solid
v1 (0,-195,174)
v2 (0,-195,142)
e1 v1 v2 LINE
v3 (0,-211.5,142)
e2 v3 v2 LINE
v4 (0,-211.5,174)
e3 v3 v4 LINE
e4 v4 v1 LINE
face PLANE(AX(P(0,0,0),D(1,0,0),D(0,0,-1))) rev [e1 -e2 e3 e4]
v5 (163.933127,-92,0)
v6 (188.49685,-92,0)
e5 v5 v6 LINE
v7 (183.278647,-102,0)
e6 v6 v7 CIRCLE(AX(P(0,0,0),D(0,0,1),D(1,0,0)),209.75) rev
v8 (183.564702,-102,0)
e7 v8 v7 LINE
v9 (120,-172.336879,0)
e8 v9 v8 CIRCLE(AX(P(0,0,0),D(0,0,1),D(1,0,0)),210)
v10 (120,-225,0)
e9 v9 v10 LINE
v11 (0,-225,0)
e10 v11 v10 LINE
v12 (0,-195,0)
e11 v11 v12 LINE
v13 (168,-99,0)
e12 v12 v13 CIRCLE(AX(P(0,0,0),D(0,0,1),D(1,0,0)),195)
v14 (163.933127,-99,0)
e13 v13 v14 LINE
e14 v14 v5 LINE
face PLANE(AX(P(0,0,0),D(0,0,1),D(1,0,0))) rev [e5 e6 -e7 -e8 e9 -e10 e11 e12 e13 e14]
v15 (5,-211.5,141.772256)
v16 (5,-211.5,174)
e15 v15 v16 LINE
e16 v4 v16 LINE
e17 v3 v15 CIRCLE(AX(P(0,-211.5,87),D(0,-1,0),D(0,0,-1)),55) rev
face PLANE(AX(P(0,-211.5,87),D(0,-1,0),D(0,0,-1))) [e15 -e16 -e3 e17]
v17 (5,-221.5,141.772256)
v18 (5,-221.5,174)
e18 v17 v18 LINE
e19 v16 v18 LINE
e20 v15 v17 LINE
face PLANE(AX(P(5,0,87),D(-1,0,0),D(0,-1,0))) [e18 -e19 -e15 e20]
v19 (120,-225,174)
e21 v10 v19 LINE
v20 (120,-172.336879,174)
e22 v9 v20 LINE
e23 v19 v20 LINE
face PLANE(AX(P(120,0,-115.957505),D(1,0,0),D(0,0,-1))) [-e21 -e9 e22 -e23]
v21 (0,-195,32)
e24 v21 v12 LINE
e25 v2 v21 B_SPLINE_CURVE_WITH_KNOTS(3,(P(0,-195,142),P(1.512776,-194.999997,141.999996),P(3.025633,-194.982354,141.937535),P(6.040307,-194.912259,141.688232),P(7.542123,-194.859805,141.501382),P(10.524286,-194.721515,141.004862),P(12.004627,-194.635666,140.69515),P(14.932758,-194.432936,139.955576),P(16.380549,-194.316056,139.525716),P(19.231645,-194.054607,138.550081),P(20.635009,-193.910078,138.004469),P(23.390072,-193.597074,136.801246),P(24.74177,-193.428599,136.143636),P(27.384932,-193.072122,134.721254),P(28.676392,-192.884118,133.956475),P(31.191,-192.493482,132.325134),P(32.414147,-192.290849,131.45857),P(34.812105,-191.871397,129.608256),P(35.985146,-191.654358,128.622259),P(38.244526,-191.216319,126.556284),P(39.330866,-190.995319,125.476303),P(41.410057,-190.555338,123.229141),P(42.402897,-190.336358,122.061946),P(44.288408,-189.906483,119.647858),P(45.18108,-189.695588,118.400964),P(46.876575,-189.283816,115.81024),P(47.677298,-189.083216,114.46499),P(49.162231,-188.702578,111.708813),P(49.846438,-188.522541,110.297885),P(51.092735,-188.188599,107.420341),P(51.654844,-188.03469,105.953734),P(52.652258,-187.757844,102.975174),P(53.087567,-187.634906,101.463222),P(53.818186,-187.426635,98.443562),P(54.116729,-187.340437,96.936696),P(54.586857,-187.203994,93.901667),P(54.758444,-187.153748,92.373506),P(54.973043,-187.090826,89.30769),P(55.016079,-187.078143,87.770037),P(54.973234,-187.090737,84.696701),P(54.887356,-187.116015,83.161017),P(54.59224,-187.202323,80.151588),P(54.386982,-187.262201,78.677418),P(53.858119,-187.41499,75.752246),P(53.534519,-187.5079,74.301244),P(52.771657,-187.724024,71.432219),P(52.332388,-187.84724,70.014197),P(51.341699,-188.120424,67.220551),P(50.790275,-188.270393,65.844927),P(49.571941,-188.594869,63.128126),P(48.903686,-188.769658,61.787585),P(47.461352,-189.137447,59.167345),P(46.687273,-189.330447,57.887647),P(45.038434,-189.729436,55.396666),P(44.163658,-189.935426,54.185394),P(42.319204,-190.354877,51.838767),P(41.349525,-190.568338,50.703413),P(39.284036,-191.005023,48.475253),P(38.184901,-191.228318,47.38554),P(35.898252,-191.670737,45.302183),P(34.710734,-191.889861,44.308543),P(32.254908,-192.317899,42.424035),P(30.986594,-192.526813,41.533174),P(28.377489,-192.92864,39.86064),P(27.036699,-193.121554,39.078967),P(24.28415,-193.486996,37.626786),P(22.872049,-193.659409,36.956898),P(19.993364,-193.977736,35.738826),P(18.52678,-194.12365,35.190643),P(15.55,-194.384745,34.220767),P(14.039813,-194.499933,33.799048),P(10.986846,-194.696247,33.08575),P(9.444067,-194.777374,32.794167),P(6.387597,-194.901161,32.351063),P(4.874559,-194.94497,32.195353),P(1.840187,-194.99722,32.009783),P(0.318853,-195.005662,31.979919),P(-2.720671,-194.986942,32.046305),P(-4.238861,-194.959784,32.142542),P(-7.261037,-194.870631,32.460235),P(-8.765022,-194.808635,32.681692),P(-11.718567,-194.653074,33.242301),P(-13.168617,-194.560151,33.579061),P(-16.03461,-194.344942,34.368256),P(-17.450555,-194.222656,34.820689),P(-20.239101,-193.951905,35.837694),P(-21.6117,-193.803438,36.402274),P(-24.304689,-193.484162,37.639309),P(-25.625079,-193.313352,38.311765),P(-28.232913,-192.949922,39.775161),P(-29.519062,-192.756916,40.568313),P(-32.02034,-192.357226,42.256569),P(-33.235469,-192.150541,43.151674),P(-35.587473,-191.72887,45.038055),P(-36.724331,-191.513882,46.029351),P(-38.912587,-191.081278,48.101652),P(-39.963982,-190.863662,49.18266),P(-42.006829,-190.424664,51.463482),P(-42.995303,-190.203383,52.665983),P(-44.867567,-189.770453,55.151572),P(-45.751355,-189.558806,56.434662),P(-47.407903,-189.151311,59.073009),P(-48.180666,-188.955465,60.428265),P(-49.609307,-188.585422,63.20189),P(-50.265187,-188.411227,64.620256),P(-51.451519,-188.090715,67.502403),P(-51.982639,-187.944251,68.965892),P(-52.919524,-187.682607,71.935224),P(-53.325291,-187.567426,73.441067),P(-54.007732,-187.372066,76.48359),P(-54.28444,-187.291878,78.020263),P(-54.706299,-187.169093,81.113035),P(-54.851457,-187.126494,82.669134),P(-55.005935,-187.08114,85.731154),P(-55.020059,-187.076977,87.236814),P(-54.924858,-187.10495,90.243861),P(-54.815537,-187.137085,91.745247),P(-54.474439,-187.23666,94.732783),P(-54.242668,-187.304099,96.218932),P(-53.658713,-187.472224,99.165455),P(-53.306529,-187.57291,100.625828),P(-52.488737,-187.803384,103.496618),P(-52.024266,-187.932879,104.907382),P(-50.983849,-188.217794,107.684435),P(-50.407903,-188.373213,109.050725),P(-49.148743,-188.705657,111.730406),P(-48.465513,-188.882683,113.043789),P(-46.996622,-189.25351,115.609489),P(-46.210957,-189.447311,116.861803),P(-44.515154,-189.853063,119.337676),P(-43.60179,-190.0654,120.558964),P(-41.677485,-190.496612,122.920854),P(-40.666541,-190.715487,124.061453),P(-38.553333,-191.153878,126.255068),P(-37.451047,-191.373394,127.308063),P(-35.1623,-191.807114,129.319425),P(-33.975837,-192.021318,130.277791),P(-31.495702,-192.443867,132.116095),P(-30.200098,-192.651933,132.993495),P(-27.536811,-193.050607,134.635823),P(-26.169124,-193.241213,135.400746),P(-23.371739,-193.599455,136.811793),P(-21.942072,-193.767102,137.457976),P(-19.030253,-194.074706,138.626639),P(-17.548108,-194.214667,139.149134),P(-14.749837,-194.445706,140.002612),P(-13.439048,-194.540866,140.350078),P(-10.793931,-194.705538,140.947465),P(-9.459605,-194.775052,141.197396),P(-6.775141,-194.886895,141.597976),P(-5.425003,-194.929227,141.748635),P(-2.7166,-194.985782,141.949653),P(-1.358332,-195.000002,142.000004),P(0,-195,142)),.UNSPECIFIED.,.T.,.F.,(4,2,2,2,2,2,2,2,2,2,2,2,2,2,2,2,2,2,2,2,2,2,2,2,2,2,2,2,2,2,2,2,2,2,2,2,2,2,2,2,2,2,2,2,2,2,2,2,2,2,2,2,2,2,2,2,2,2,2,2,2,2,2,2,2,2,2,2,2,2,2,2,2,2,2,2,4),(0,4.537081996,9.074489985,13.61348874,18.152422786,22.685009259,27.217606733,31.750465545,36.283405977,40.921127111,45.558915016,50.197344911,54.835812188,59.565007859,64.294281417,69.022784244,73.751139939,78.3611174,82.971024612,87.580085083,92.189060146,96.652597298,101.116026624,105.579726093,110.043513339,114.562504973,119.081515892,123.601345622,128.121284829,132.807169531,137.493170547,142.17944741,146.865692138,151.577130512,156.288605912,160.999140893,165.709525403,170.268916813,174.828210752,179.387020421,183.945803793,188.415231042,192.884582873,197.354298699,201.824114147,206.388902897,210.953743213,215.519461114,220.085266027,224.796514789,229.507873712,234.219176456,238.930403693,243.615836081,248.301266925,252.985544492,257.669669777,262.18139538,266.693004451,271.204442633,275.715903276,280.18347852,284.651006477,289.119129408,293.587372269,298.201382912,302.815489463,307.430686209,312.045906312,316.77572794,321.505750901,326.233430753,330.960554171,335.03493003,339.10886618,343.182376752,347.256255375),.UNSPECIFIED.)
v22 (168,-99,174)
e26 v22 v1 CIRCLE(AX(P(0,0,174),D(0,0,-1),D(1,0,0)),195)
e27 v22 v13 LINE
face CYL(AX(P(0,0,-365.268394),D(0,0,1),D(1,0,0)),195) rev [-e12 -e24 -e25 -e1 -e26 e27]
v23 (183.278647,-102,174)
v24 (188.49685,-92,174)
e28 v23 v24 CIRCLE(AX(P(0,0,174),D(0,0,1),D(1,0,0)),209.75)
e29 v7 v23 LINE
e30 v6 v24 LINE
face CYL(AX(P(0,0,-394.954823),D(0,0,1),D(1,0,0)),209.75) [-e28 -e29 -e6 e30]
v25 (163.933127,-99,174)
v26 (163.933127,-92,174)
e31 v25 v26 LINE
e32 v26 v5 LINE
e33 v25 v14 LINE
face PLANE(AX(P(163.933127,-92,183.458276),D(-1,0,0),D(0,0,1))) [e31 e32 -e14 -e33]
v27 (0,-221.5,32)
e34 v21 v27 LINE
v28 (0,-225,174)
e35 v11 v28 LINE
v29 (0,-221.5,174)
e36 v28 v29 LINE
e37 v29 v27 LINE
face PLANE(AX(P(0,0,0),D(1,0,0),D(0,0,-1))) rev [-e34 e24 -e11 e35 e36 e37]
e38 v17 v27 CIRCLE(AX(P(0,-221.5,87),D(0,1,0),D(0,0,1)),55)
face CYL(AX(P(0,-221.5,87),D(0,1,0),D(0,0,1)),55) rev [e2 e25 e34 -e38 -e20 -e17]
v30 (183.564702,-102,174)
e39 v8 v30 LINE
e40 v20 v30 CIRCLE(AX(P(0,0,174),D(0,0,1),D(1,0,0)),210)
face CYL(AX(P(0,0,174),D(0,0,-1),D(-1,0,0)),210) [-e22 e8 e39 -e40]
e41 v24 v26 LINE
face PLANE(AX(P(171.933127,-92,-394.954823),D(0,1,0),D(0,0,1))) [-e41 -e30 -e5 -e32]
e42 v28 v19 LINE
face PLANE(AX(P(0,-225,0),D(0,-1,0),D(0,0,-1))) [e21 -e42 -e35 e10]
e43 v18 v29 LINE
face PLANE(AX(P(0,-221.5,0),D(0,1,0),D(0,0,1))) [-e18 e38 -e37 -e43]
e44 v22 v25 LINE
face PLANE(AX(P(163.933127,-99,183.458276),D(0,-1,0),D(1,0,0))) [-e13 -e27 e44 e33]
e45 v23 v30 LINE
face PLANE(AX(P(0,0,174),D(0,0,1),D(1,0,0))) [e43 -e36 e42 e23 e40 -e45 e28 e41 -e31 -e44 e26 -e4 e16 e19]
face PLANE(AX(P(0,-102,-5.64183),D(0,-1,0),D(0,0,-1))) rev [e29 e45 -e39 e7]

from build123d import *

# Parameters (mm, degrees)
SKETCH_1_R          = 210
SKETCH_1_R_2        = 203
EXTRUDE_2_DEPTH     = 174
EXTRUDE_START       = -174
EXTRUDE_4_DEPTH     = 174
CUT_EXTRUDE_1_DEPTH = 654
EXTRUDE_5_DEPTH     = 174
EXTRUDE_6_DEPTH     = 174
EXTRUDE_7_DEPTH     = 174
EXTRUDE_8_DEPTH     = 174
EXTRUDE_9_DEPTH     = 174
SKETCH_11_R         = 55
CUT_EXTRUDE_4_DEPTH = 221.5
CUT_EXTRUDE_5_DEPTH = 87
SKETCH_13_W         = 252.379443355
SKETCH_13_H         = 197.496269512
CUT_EXTRUDE_6_DEPTH = 244


with BuildPart() as part:
    # 草图1 → 凸台-拉伸2 (new body)
    with BuildSketch(Plane.XY):
        Circle(SKETCH_1_R)
        Circle(SKETCH_1_R_2, mode=Mode.SUBTRACT)
    extrude(amount=EXTRUDE_2_DEPTH)

    # 草图2 → 凸台-拉伸4 (add)
    with BuildSketch(Plane.XY.offset(174).offset(EXTRUDE_START)):
        with BuildLine():
            Line((-170.735431044, -102), (-173.735431044, -102))
            Line((-173.735431044, -102), (-175.513532242, -102))
            ThreePointArc((-175.513532242, -102), (-174.63092392, -103.50381834), (-173.735431044, -105))
            Line((-173.735431044, -105), (-170.735431044, -105))
            Line((-170.735431044, -105), (-170.735431044, -102))
        make_face()
        with BuildLine():
            ThreePointArc((173.735431044, -105), (174.63092392, -103.50381834), (175.513532242, -102))
            Line((175.513532242, -102), (173.735431044, -102))
            Line((173.735431044, -102), (170.735431044, -102))
            Line((170.735431044, -102), (170.735431044, -105))
            Line((170.735431044, -105), (173.735431044, -105))
        make_face()
    extrude(amount=EXTRUDE_4_DEPTH)

    # 草图3 → 切除-拉伸1 (cut)
    with BuildSketch(Plane.XY.offset(174)):
        Polygon((-170.735431044, -102), (238.333646515, -102), (254.334169784, 272.292523591), (-334.569415043, 221.85110305), (-306.830562533, -102), align=None)
    extrude(amount=-CUT_EXTRUDE_1_DEPTH, mode=Mode.SUBTRACT)

    # 草图5 → 凸台-拉伸5 (add)
    with BuildSketch(Plane.XY.offset(174).offset(EXTRUDE_START)):
        with BuildLine():
            Line((-120, -209.75), (-10.243900624, -209.75))
            ThreePointArc((-10.243900624, -209.75), (-67.755470707, -198.769203322), (-120, -172.336879396))
            Line((-120, -172.336879396), (-120, -209.75))
        make_face()
        with BuildLine():
            ThreePointArc((120, -172.336879396), (67.755470707, -198.769203322), (10.243900624, -209.75))
            Line((10.243900624, -209.75), (120, -209.75))
            Line((120, -209.75), (120, -172.336879396))
        make_face()
    extrude(amount=EXTRUDE_5_DEPTH)

    # 草图6 → 凸台-拉伸6 (add)
    with BuildSketch(Plane.XY.offset(174).offset(EXTRUDE_START)):
        with BuildLine():
            Line((-175.513532242, -102), (-166.195667814, -102))
            ThreePointArc((-166.195667814, -102), (0, -195), (166.195667814, -102))
            Line((166.195667814, -102), (175.513532242, -102))
            ThreePointArc((175.513532242, -102), (0, -203), (-175.513532242, -102))
        make_face()
    extrude(amount=EXTRUDE_6_DEPTH)

    # 草图7 → 凸台-拉伸7 (add)
    with BuildSketch(Plane.XY.offset(174).offset(EXTRUDE_START)):
        with BuildLine():
            Line((-166.933126535, -92), (-166.933126535, -95))
            Line((-166.933126535, -95), (-170.293863659, -95))
            ThreePointArc((-170.293863659, -95), (0, -195), (170.293863659, -95))
            Line((170.293863659, -95), (166.933126535, -95))
            Line((166.933126535, -95), (166.933126535, -92))
            Line((166.933126535, -92), (171.933126535, -92))
            Line((171.933126535, -92), (188.496850106, -92))
            ThreePointArc((188.496850106, -92), (0, -209.75), (-188.496850106, -92))
            Line((-188.496850106, -92), (-171.933126535, -92))
            Line((-171.933126535, -92), (-166.933126535, -92))
        make_face()
    extrude(amount=EXTRUDE_7_DEPTH)

    # 草图8 → 凸台-拉伸8 (add)
    with BuildSketch(Plane(origin=(0, 0, 0), x_dir=(-1, 0, 0), z_dir=(0, 0, -1))):
        with BuildLine():
            Line((166.933126535, -92), (163.933126535, -92))
            Line((163.933126535, -92), (163.933126535, -99))
            Line((163.933126535, -99), (168, -99))
            ThreePointArc((168, -99), (169.158755456, -97.006780447), (170.293863659, -95))
            Line((170.293863659, -95), (166.933126535, -95))
            Line((166.933126535, -95), (166.933126535, -92))
        make_face()
        with BuildLine():
            Line((-166.933126535, -95), (-170.293863659, -95))
            ThreePointArc((-170.293863659, -95), (-169.158755456, -97.006780447), (-168, -99))
            Line((-168, -99), (-163.933126535, -99))
            Line((-163.933126535, -99), (-163.933126535, -92))
            Line((-163.933126535, -92), (-166.933126535, -92))
            Line((-166.933126535, -92), (-166.933126535, -95))
        make_face()
    extrude(amount=-EXTRUDE_8_DEPTH)

    # 草图9 → 凸台-拉伸9 (add)
    with BuildSketch(Plane.XY.offset(174).offset(EXTRUDE_START)):
        with BuildLine():
            ThreePointArc((10.243900624, -209.75), (5.123475383, -209.937490697), (0, -210))
            Line((0, -210), (0, -225))
            Line((0, -225), (18.007375678, -225))
            Line((18.007375678, -225), (120, -225))
            Line((120, -225), (120, -209.75))
            Line((120, -209.75), (10.243900624, -209.75))
        make_face()
        with BuildLine():
            Line((0, -225), (0, -210))
            ThreePointArc((0, -210), (-5.123475383, -209.937490697), (-10.243900624, -209.75))
            Line((-10.243900624, -209.75), (-120, -209.75))
            Line((-120, -209.75), (-120, -225))
            Line((-120, -225), (0, -225))
        make_face()
    extrude(amount=EXTRUDE_9_DEPTH)

    # 草图11 → 切除-拉伸4 (cut)
    with BuildSketch(Plane(origin=(0, 0, 0), x_dir=(1, 0, 0), z_dir=(0, 1, 0))):
        with Locations(Location((0, -87, 0), (0, 0, 270))):
            Circle(SKETCH_11_R)
    extrude(amount=-CUT_EXTRUDE_4_DEPTH, mode=Mode.SUBTRACT)

    # 草图10 → 切除-拉伸5 (cut)
    with BuildSketch(Plane.XY.offset(174)):
        Polygon((5, -221.5), (-5, -221.5), (-5, -211.5), (0, -211.5), (5, -211.5), align=None)
    extrude(amount=-CUT_EXTRUDE_5_DEPTH, mode=Mode.SUBTRACT)

    # 草图13 → 切除-拉伸6 (cut)
    with BuildSketch(Plane(origin=(0, 0, 0), x_dir=(0, 0, -1), z_dir=(1, 0, 0))):
        with Locations((-79.30804003, -159.33156324)):
            Rectangle(SKETCH_13_W, SKETCH_13_H)
    extrude(amount=-CUT_EXTRUDE_6_DEPTH, mode=Mode.SUBTRACT)


solid = part.part
